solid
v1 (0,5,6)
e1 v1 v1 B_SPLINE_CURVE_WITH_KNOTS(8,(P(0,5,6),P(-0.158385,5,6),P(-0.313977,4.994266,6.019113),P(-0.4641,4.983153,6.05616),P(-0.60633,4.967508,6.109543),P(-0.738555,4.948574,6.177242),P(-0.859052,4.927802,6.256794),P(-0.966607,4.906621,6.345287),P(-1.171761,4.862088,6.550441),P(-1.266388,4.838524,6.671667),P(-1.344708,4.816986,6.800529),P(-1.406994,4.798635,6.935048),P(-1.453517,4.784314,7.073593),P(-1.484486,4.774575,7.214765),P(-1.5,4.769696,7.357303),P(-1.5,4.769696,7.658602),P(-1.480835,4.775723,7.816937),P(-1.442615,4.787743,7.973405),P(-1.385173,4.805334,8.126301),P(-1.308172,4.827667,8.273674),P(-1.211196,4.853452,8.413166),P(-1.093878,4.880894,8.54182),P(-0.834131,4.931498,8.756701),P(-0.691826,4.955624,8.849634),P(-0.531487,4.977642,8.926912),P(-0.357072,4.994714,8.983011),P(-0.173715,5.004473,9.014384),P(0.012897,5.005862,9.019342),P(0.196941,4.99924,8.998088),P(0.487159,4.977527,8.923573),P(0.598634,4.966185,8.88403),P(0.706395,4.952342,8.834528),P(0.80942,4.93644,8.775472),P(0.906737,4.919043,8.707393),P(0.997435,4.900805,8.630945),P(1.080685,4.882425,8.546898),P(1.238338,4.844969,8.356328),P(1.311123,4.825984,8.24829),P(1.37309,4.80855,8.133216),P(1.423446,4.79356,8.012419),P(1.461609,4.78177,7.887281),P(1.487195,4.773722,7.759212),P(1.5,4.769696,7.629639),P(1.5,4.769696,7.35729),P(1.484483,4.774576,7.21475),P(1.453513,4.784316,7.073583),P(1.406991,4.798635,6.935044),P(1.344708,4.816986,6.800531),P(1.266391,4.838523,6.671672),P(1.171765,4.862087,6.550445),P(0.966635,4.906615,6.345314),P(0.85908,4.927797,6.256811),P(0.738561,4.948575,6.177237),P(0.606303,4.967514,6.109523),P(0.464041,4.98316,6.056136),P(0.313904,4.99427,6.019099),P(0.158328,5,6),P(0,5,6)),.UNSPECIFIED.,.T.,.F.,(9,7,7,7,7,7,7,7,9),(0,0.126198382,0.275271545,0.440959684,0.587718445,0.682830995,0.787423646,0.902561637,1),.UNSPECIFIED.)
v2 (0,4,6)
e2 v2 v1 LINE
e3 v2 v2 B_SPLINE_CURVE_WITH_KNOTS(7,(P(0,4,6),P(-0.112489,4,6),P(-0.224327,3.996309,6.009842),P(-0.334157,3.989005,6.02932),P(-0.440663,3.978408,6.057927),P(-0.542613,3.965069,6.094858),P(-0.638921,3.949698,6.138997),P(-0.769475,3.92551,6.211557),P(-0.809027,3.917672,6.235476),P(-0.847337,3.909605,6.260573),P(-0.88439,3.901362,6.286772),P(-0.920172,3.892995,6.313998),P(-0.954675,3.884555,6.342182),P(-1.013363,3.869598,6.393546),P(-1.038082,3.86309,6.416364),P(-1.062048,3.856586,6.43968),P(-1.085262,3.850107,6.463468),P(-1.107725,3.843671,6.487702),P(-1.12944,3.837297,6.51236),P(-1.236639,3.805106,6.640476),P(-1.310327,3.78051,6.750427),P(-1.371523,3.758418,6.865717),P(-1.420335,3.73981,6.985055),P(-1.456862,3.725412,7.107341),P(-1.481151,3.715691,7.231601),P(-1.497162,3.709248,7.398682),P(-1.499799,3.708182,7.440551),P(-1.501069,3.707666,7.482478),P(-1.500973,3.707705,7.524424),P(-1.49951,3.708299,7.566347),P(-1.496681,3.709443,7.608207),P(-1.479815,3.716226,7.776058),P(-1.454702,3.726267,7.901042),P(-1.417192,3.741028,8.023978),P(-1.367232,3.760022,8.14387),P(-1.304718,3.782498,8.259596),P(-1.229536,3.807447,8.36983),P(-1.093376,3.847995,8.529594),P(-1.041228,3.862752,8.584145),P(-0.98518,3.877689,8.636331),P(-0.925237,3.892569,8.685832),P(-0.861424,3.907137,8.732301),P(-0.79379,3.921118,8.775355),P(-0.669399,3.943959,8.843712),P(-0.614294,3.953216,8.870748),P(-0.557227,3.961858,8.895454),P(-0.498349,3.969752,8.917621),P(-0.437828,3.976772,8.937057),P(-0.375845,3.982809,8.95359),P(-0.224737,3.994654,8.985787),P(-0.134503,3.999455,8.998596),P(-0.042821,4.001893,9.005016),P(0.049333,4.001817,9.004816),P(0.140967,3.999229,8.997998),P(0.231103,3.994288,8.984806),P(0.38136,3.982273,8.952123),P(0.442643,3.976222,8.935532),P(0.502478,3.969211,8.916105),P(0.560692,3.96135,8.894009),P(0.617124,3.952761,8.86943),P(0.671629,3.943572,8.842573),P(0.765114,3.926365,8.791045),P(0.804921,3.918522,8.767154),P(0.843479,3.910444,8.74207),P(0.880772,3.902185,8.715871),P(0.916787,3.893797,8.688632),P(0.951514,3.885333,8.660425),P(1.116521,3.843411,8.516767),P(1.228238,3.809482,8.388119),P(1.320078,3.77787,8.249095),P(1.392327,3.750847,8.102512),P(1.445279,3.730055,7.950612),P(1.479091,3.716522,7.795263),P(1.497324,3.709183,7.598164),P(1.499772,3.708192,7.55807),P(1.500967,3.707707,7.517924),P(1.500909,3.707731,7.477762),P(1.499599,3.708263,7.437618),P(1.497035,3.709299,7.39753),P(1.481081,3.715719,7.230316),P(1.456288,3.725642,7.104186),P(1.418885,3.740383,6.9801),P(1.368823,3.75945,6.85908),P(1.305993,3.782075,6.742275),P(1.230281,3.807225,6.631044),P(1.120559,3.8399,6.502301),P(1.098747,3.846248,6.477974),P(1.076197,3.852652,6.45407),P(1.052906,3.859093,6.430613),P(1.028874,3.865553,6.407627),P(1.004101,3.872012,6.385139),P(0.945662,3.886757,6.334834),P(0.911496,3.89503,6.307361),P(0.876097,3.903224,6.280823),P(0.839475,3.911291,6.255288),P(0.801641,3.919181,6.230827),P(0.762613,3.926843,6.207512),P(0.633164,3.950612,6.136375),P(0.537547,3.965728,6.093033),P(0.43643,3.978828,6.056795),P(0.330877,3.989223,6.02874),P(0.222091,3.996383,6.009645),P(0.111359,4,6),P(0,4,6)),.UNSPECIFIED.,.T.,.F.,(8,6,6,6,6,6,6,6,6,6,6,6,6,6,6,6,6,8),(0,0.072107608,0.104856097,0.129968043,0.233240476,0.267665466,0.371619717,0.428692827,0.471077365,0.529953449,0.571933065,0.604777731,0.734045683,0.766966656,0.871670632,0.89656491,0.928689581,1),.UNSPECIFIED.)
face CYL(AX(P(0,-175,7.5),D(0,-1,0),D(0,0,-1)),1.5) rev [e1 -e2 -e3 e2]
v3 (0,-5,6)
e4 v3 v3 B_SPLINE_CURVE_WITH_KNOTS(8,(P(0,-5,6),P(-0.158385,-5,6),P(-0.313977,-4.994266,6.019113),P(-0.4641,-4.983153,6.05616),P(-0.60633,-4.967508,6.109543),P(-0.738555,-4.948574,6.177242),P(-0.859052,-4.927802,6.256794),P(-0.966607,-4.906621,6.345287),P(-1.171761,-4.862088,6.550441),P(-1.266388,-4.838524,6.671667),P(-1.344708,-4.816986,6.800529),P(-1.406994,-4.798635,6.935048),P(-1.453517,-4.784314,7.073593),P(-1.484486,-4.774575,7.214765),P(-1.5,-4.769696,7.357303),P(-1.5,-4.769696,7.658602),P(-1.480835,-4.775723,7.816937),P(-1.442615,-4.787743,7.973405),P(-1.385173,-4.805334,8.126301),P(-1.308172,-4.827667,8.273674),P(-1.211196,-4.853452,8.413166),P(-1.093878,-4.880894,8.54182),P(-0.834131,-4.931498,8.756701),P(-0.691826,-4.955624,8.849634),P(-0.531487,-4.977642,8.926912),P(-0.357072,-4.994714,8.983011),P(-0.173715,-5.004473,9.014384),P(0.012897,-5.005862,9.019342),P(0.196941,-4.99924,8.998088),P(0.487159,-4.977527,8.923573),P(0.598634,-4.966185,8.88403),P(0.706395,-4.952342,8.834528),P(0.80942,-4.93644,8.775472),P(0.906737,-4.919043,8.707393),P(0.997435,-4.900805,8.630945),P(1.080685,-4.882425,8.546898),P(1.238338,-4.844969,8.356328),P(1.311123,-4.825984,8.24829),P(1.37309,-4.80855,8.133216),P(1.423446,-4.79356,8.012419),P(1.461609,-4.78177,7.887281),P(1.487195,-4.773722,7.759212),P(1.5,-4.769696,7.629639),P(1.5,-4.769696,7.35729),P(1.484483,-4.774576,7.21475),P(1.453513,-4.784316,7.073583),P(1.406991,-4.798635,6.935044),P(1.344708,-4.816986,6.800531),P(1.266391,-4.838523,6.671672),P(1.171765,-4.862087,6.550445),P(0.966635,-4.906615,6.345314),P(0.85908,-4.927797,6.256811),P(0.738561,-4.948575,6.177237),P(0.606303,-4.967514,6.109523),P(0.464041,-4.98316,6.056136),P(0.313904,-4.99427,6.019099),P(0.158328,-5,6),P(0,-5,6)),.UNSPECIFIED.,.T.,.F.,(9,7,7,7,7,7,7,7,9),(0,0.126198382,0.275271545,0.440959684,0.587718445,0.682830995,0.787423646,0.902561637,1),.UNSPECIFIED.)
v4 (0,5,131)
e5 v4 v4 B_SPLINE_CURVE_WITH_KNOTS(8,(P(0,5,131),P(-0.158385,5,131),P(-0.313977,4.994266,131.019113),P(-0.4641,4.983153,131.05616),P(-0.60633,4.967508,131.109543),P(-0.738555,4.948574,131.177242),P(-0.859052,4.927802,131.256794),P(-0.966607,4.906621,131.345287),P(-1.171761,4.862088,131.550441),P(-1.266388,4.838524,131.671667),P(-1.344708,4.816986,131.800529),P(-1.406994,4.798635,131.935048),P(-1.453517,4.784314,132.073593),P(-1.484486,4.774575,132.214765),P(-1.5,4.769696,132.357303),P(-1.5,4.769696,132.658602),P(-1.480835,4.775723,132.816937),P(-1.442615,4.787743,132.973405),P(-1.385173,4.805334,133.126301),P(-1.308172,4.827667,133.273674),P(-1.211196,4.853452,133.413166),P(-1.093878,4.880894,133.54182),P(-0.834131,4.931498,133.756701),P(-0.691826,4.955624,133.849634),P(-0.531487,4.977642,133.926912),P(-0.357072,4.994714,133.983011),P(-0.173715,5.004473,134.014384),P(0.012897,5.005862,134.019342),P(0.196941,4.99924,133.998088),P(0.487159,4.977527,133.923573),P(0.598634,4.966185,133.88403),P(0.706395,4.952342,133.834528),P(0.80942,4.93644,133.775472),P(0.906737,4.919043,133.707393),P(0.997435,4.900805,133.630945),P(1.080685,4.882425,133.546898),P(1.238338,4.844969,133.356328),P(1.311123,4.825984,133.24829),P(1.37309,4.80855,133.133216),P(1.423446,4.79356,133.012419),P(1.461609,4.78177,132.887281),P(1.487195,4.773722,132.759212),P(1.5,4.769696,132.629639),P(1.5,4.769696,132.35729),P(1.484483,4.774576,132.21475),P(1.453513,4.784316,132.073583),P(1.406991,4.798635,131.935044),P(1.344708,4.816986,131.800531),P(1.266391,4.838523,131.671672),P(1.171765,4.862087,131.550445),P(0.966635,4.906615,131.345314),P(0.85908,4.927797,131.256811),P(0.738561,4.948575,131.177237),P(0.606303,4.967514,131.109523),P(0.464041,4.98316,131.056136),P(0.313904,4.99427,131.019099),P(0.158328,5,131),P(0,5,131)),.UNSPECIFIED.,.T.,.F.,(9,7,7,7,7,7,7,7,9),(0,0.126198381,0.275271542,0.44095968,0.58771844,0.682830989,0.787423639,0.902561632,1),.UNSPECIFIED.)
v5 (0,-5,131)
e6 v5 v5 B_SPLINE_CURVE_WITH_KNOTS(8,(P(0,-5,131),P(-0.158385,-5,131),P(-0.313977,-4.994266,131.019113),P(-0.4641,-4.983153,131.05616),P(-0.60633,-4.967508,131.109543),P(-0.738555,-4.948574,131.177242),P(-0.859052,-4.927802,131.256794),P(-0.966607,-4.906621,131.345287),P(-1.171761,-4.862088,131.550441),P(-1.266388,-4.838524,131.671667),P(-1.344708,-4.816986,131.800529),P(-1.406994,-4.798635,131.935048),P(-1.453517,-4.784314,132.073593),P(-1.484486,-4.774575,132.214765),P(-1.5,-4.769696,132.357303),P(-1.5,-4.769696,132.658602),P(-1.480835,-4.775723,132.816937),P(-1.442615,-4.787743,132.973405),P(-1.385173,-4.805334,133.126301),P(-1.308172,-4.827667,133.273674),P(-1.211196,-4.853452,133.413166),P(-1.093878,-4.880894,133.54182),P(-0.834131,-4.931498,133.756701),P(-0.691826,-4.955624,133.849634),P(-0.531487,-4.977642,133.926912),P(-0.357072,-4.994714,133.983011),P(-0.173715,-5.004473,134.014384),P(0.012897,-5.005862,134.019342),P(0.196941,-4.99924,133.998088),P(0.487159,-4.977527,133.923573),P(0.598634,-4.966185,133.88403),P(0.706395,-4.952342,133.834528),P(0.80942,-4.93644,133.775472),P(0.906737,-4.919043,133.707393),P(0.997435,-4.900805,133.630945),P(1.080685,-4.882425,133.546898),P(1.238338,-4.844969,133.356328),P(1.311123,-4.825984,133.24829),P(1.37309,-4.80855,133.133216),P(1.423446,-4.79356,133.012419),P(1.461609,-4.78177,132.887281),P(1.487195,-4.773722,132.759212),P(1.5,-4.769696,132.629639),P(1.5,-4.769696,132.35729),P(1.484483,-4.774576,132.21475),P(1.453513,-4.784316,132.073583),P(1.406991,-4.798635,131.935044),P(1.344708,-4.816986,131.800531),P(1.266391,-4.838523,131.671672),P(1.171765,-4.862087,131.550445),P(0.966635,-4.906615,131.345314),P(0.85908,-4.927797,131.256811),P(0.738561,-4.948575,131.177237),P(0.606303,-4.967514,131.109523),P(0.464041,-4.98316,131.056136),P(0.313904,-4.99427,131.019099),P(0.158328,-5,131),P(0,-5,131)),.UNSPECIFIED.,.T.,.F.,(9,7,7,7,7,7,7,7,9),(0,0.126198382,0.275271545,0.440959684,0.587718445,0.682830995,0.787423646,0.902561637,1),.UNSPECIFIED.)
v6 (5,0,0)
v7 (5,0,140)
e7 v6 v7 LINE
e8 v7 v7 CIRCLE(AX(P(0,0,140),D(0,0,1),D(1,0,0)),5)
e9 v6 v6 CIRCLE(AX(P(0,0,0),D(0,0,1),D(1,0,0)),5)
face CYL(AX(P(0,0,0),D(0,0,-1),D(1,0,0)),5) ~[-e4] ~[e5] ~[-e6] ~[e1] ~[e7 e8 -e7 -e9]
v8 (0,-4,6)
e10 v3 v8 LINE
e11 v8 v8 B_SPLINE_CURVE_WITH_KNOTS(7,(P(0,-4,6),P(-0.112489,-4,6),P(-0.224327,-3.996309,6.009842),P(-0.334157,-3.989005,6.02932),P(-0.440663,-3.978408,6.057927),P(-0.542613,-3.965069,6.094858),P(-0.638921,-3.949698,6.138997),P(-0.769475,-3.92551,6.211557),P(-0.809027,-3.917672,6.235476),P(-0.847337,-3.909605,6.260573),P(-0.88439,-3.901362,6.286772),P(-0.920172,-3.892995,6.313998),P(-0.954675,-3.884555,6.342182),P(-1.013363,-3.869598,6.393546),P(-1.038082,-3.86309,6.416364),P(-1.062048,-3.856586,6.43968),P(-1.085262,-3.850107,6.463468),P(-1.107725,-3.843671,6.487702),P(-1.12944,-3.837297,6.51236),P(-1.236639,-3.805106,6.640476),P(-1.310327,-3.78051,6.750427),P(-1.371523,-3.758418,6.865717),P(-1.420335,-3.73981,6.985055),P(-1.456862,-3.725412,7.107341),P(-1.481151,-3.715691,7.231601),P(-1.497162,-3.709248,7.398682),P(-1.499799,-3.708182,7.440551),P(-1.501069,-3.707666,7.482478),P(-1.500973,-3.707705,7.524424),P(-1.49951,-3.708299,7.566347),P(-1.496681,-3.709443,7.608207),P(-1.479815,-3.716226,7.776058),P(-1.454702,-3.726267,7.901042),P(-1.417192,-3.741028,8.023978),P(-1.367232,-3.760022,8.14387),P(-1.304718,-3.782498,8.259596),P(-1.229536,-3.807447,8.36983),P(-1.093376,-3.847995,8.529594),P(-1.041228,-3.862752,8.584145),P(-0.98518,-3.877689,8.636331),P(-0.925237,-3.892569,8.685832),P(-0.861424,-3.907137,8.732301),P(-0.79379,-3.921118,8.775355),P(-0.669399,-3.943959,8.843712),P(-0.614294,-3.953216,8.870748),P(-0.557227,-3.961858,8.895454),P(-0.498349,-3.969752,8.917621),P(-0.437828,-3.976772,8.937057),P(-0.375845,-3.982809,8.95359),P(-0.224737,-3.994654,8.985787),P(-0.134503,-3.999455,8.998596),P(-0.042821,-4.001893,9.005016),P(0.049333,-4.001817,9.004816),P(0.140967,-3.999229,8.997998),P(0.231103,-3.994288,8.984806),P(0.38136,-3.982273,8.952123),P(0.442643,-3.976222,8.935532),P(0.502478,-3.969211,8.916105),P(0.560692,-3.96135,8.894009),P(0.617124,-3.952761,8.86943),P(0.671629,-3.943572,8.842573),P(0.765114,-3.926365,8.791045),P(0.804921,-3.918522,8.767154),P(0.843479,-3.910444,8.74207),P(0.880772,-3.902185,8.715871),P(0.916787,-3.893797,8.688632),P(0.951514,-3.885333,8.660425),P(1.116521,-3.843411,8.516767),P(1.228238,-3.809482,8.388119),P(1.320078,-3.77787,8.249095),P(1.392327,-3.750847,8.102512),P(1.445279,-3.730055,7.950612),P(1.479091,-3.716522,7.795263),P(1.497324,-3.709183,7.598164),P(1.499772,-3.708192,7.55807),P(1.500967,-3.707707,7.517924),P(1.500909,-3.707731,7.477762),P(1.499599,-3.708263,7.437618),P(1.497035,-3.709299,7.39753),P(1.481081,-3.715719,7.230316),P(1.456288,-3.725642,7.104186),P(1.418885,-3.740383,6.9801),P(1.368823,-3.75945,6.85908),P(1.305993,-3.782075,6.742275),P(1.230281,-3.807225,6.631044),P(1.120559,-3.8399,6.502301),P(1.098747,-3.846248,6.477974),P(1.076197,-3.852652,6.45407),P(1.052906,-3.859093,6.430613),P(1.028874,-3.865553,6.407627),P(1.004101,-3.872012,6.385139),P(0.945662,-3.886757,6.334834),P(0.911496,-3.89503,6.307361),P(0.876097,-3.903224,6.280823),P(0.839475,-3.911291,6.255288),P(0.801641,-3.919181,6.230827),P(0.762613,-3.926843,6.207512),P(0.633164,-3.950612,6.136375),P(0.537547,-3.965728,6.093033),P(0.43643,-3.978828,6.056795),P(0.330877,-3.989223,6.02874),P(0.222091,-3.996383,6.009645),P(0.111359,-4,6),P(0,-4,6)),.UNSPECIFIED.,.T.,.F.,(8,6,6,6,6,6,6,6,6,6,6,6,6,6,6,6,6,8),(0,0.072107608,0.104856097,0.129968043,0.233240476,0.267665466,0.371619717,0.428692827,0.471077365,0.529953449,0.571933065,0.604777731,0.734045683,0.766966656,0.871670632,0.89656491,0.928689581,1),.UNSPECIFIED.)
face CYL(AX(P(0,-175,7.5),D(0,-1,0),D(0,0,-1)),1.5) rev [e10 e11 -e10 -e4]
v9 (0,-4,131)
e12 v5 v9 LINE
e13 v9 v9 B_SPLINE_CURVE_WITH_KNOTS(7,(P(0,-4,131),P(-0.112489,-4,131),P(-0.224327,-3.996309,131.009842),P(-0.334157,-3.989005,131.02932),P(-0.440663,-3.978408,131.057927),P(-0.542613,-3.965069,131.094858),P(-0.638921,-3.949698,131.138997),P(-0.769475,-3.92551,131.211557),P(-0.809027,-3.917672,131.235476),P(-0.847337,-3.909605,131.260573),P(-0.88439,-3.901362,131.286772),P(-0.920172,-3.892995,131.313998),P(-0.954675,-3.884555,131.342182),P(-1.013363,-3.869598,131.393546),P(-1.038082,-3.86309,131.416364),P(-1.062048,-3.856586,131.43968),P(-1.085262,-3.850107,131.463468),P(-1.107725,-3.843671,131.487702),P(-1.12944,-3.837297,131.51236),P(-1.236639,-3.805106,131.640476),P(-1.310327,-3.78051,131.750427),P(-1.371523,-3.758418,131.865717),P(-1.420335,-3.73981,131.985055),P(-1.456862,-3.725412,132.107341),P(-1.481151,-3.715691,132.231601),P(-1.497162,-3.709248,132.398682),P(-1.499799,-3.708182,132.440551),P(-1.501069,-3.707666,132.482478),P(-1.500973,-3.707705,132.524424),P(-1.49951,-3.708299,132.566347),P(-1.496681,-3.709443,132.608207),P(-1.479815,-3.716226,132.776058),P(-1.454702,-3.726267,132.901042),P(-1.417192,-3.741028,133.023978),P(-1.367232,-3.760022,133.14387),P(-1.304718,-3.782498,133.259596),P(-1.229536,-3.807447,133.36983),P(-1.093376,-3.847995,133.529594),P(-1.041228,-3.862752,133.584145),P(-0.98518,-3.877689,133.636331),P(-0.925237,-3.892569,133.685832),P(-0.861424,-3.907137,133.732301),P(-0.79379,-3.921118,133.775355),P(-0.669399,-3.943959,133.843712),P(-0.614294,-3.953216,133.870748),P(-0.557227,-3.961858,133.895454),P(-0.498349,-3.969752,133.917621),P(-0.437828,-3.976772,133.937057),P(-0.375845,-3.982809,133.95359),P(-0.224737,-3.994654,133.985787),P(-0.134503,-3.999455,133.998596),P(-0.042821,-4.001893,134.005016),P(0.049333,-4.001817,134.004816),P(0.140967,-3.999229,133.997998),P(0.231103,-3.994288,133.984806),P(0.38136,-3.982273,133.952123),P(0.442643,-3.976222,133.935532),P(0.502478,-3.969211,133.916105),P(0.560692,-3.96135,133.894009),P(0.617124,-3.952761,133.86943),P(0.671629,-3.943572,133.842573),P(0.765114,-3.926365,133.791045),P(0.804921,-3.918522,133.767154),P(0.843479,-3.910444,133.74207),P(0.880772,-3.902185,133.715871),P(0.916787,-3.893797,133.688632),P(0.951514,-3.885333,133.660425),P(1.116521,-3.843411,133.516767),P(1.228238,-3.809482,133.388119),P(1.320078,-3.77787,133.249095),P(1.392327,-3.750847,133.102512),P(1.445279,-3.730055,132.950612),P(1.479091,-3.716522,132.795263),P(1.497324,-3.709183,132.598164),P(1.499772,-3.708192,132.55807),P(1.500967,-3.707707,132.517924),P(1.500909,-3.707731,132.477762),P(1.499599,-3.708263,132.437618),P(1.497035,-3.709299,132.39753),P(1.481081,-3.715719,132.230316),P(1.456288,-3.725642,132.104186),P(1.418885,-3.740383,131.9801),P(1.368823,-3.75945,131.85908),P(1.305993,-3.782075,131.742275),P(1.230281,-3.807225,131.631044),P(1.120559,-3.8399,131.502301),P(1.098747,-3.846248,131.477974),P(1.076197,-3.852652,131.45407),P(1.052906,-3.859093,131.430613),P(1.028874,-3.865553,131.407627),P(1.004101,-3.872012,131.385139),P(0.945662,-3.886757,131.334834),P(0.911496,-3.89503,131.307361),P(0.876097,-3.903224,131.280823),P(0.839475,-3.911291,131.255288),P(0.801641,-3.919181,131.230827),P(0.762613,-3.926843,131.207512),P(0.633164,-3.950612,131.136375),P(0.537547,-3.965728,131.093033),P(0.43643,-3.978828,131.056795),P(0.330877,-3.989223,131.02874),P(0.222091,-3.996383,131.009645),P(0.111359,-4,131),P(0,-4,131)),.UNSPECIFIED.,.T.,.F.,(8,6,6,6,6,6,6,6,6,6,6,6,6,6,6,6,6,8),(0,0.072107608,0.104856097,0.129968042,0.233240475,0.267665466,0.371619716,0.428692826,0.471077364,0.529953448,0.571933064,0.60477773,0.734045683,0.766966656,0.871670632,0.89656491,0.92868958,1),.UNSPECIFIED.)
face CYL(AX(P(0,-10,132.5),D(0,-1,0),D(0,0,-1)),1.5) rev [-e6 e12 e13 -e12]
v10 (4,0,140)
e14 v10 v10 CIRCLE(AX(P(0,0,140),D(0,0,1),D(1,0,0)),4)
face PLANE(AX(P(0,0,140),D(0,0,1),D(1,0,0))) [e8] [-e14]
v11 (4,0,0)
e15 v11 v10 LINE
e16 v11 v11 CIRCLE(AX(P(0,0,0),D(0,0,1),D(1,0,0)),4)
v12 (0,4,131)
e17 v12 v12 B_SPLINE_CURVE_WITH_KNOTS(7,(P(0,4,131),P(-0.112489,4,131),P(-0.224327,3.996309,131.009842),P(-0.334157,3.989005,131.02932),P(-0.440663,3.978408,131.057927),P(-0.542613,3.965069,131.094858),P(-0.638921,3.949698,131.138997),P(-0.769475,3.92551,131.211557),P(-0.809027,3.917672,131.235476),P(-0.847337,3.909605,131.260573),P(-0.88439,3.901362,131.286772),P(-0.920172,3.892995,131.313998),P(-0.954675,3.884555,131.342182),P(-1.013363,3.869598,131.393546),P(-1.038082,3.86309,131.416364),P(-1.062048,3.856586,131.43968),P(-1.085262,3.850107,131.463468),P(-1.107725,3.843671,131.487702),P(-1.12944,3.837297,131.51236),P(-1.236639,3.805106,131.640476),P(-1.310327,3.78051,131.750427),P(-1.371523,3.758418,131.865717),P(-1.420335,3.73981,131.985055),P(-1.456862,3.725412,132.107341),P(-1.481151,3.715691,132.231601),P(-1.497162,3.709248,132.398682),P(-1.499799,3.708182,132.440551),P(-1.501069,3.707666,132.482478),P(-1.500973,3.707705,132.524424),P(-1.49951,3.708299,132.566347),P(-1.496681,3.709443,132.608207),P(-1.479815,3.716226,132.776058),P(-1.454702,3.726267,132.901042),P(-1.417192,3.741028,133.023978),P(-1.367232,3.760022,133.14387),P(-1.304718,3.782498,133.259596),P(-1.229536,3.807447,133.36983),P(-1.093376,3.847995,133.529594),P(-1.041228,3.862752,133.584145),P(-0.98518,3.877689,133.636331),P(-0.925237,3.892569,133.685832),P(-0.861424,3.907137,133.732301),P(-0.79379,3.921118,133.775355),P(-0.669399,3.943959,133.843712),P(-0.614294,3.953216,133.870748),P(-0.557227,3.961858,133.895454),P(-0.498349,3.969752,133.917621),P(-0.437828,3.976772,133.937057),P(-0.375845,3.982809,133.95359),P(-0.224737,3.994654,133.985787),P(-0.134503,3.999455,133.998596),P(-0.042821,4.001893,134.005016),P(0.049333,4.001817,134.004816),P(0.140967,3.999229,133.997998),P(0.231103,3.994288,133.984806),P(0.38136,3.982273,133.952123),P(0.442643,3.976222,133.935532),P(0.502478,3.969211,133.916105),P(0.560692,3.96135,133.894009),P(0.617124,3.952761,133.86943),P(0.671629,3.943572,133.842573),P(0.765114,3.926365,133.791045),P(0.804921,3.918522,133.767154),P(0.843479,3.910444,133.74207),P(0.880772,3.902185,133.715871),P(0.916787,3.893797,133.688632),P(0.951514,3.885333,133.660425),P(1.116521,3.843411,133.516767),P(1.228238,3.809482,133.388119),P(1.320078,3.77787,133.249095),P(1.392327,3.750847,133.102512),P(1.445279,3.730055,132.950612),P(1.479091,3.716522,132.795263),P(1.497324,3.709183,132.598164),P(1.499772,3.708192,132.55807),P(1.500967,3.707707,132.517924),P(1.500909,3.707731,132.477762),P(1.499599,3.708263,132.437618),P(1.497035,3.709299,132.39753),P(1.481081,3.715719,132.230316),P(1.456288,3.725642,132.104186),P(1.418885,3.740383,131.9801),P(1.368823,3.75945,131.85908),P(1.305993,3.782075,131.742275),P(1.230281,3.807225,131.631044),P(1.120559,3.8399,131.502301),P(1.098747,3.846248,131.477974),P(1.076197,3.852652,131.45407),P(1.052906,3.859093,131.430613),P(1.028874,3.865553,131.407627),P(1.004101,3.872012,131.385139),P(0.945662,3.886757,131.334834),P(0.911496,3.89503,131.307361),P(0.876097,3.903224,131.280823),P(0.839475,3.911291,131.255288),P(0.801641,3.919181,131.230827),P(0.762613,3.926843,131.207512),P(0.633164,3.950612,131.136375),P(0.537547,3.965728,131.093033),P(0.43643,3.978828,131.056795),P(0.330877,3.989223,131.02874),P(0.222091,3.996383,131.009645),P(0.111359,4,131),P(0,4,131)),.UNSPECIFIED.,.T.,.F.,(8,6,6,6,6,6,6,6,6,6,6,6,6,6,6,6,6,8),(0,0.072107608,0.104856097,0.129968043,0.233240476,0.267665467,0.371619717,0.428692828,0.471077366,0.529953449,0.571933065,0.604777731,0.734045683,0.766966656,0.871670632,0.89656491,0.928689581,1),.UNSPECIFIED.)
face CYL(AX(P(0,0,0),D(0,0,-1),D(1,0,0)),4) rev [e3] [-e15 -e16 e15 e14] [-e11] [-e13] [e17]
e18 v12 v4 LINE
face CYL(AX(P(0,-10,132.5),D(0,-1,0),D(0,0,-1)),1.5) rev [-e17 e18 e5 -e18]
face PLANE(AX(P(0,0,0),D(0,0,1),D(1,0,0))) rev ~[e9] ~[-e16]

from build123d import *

# Parameters (mm, degrees)
SKETCH1_R               = 5
SKETCH1_R_2             = 4
BOSS_EXTRUDE1_DEPTH     = 140
CUT_EXTRUDE1_DEPTH      = 175
CUT_EXTRUDE1_DEPTH_BACK = 175
SKETCH3_R               = 1.5
CUT_EXTRUDE2_DEPTH      = 10
CUT_EXTRUDE2_DEPTH_BACK = 10
SKETCH4_R               = 1.5


with BuildPart() as part:
    # Sketch1 → Boss-Extrude1 (new body)
    with BuildSketch(Plane.XY):
        Circle(SKETCH1_R)
        Circle(SKETCH1_R_2, mode=Mode.SUBTRACT)
    extrude(amount=BOSS_EXTRUDE1_DEPTH)

    # Sketch3 → Cut-Extrude1 (cut, two sides: drawn at the far end of the back side and taken through both)
    with BuildSketch(Plane(origin=(0, 0, 0), x_dir=(1, 0, 0), z_dir=(0, 1, 0)).offset(-CUT_EXTRUDE1_DEPTH_BACK)):
        with Locations((0, -7.5)):
            Circle(SKETCH3_R)
    extrude(amount=CUT_EXTRUDE1_DEPTH + CUT_EXTRUDE1_DEPTH_BACK, mode=Mode.SUBTRACT)

    # Sketch4 → Cut-Extrude2 (cut, two sides: drawn at the far end of the back side and taken through both)
    with BuildSketch(Plane(origin=(0, 0, 0), x_dir=(1, 0, 0), z_dir=(0, 1, 0)).offset(-CUT_EXTRUDE2_DEPTH_BACK)):
        with Locations((0, -132.5)):
            Circle(SKETCH4_R)
    extrude(amount=CUT_EXTRUDE2_DEPTH + CUT_EXTRUDE2_DEPTH_BACK, mode=Mode.SUBTRACT)


solid = part.part
